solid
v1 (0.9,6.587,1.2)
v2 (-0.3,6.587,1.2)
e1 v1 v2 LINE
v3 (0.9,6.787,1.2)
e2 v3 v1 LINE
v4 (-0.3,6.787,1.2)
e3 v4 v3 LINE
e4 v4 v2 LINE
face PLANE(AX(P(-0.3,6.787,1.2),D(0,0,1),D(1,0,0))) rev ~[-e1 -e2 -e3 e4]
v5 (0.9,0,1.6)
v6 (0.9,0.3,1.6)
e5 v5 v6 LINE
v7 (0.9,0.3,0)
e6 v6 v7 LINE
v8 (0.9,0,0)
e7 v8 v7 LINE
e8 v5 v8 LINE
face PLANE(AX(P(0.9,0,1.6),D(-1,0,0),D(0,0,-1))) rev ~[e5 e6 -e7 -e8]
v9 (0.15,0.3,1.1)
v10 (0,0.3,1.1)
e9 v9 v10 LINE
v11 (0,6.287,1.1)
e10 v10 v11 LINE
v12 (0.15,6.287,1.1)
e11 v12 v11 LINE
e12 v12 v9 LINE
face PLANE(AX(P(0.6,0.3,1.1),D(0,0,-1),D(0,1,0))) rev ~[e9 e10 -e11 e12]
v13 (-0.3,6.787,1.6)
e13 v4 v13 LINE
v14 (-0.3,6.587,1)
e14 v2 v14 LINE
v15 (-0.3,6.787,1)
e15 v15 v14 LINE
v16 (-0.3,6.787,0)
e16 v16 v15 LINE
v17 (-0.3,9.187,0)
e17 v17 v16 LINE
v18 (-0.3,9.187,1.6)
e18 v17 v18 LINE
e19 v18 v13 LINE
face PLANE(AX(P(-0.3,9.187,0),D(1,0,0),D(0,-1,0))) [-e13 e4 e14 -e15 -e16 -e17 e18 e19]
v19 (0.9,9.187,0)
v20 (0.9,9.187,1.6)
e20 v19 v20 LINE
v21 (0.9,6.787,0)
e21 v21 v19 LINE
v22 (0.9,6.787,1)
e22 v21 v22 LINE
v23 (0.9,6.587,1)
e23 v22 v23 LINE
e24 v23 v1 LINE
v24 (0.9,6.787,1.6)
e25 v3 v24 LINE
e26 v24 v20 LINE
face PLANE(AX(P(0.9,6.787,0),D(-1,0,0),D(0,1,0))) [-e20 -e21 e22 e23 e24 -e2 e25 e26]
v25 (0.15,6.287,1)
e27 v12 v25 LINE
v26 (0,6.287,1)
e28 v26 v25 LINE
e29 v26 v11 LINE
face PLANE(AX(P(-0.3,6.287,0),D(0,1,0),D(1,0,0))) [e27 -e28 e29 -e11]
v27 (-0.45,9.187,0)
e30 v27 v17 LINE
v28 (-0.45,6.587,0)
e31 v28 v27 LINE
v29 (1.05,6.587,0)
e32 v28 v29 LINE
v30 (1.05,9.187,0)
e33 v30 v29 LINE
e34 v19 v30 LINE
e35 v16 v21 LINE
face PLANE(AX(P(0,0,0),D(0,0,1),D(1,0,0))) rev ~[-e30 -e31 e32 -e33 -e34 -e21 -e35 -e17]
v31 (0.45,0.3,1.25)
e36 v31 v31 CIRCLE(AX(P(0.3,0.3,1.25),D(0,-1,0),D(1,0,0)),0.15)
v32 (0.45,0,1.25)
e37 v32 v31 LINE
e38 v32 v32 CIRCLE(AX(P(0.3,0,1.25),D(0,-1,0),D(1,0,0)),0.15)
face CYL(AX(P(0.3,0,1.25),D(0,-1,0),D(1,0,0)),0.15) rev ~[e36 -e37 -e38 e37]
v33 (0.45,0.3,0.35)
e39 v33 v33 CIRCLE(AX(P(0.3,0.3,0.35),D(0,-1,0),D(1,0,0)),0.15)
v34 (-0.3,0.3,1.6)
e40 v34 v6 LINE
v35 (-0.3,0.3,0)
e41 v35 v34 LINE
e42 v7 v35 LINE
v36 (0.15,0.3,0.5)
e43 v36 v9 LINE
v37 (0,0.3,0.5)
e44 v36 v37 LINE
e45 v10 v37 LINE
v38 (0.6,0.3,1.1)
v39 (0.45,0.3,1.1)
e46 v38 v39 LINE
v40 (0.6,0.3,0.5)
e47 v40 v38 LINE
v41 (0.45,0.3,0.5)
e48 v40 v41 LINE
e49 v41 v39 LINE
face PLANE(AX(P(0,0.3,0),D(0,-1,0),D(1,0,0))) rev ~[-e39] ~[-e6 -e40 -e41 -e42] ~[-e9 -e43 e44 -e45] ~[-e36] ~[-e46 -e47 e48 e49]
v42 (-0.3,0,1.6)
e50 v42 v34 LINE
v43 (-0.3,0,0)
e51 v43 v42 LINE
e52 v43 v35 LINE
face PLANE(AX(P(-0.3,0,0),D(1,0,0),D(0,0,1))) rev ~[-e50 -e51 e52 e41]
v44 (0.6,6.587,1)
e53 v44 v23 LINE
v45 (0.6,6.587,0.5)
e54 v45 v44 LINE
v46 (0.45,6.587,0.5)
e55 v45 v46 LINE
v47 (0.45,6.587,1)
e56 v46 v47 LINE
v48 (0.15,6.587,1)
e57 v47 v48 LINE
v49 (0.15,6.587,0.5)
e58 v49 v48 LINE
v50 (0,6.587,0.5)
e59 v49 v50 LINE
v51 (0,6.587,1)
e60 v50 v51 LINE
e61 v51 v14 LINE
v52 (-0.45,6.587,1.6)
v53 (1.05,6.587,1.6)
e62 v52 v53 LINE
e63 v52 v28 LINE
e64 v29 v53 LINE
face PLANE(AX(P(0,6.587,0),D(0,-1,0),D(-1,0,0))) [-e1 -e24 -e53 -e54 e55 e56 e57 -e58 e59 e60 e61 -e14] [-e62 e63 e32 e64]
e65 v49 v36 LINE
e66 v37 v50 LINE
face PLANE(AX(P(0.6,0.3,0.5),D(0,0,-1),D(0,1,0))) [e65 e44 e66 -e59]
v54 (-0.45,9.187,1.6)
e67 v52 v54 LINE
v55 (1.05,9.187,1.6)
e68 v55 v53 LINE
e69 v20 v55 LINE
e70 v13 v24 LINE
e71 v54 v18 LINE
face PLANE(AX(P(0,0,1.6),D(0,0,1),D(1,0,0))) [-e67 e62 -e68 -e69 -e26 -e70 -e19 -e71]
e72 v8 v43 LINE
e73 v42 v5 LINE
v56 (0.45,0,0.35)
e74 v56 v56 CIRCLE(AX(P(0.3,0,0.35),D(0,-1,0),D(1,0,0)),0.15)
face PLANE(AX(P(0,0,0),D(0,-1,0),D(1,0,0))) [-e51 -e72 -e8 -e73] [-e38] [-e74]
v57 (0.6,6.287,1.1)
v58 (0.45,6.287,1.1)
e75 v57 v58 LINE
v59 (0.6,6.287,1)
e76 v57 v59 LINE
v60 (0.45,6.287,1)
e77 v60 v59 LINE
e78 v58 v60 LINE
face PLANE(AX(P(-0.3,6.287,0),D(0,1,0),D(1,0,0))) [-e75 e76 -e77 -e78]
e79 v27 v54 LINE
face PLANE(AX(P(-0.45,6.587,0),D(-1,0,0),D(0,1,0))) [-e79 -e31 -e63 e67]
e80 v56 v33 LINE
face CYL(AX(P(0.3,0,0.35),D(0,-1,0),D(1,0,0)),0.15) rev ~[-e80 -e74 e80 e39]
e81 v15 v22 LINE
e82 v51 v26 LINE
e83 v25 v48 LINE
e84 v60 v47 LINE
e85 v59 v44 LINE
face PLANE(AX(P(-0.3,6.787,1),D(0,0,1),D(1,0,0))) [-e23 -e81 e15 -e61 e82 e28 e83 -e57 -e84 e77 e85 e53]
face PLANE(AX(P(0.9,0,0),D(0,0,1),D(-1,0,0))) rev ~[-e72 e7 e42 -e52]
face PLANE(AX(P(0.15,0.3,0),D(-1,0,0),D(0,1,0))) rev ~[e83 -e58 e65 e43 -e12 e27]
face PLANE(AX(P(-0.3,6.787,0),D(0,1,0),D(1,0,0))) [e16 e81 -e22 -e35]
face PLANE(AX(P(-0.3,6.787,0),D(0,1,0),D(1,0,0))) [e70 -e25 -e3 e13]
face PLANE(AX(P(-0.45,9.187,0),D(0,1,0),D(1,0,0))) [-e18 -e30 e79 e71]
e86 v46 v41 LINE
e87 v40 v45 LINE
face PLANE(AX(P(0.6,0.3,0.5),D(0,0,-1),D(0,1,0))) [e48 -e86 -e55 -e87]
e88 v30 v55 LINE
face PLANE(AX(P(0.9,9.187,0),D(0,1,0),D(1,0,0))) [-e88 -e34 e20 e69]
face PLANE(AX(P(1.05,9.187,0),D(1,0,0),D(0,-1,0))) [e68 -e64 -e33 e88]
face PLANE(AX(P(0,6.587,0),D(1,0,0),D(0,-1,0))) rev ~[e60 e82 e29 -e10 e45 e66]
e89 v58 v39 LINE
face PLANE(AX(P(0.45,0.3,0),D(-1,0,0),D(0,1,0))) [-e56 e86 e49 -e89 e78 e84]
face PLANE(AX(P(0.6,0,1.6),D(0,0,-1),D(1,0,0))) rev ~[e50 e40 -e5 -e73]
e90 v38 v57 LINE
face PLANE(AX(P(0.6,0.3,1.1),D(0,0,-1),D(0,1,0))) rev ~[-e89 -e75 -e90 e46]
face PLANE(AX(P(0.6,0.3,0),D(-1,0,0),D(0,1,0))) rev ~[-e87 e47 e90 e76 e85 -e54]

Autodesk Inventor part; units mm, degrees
ref_plane "YZ Plane" through (0, 0, 0) normal (1, 0, 0) x (0, 1, 0)
ref_plane "XZ Plane" through (0, 0, 0) normal (0, 1, 0) x (-1, 0, 0)
ref_plane "XY Plane" through (0, 0, 0) normal (0, 0, 1) x (1, 0, 0)
sketch "Boceto1" plane through (0, 0, 0) normal (0, 0, 1) x (1, 0, 0)
  line L0 (-0.3, 9.187) -> (-0.3, 6.787)
  line L1 (-0.3, 6.787) -> (0.9, 6.787)
  line L2 (0.9, 6.787) -> (0.9, 9.187)
  line L3 (0.9, 9.187) -> (1.05, 9.187)
  line L4 (1.05, 9.187) -> (1.05, 6.587)
  line L5 (0, 6.587) -> (-0.45, 6.587)
  line L6 (-0.45, 6.587) -> (-0.45, 9.187)
  line L7 (-0.45, 9.187) -> (-0.3, 9.187)
  line L8 (0.6, 0) -> (0.6, 6.587)
  line L9 (0.45, 6.587) -> (0.15, 6.587)
  line L10 (0, 6.587) -> (0, 0)
  line L11 (0, 0.3) -> (0.6, 0.3)
  line L12 (0.15, 0.3) -> (0.15, 6.587)
  line L13 (0.45, 0.3) -> (0.45, 6.587)
  line L14 (0.6, 6.587) -> (1.05, 6.587)
  line L15 (0, 0) -> (0.6, 0)
  point P0 (0, 0)
extrude "Extrusión1" add sketch "Boceto1" along normal blind 1.6 contours L0 L1 L2 L3 L4 L14 L8 L11 L13 L9 L12 L10 L5 L6 L7 | L11 L8 L15 L10
sketch "Boceto2" plane through (-0.3, 6.787, 0) normal (0, 1, 0) x (1, 0, 0)
  line L0 (1.2, 0) -> (0, 0) projected
  line L1 (0, 0) -> (0, -1.6) projected
  line L2 (1.2, -1.6) -> (0, -1.6) projected
  line L3 (1.2, 0) -> (1.2, -1.6) projected
  line L4 (0, -1.6) -> (0, -1.2)
  line L5 (0, -1.2) -> (0, -1)
  line L6 (0, -1) -> (1.2, -1)
  line L7 (1.2, 0) -> (1.2, -1.6) projected
  line L8 (0, -1.2) -> (1.2, -1.2)
  line L9 (1.2, -1.2) -> (1.2, -1)
  point P0 (0.3, 0)
  dimension "d2" = 0.4
  dimension "d3" = 0.2
  dimension "d4" = 1.2
extrude "Extrusión2" cut sketch "Boceto2" against normal blind 0.5 contours L3 L8 L1 L6
sketch "Boceto3" plane through (0.6, 0, 0) normal (1, 0, 0) x (0, 0, -1)
  line L0 (-1.6, 0.3) -> (0, 0.3) projected
  line L1 (-1, 6.587) -> (-1, 6.287) projected
  line L2 (-1, 6.287) -> (-1.2, 6.287) projected
  line L3 (-1.2, 6.287) -> (-1.2, 6.587) projected
  line L4 (-1.2, 6.587) -> (-1.6, 6.587) projected
  line L5 (-1.6, 0) -> (-1.6, 6.587) projected
  line L6 (0, 0) -> (-1.6, 0) projected
  line L7 (0, 0) -> (0, 6.587) projected
  line L8 (0, 6.587) -> (-1, 6.587) projected
  line L9 (-1.6, 0.3) -> (-1.6, 6.587) projected
  line L10 (-1.6, 0.3) -> (-1.2, 0.3)
  line L11 (-1.2, 0.3) -> (-1.2, 6.587)
  line L12 (-1.6, 6.587) -> (-1.2, 6.587)
  line L13 (-1.2, 6.587) -> (-1.2, 0.3)
  line L14 (-1.2, 0.3) -> (-1.6, 0.3)
  line L15 (-1.6, 0.3) -> (-1.6, 6.587)
  line L16 (0, 0.3) -> (0, 6.587) projected
  line L17 (0, 0.3) -> (-0.4, 0.3)
  line L18 (0, 0.3) -> (-1.6, 0.3) projected
  line L19 (0, 6.587) -> (-1.6, 6.587) projected
  line L20 (0, 6.587) -> (-0.4, 6.587)
  line L21 (-0.4, 6.587) -> (-0.4, 0.3)
  line L22 (-0.4, 0.3) -> (0, 0.3)
  line L23 (0, 0.3) -> (0, 6.587)
  point P0 (0, 0)
  dimension "d7" = 0.4
  dimension "d8" = 0.4
extrude "Extrusión3" cut sketch "Boceto3" against normal blind 0.9 contours L5 L4 L3 L11 L0 | L21 L8 L7 L0
sketch "Boceto4" plane through (0, 0.3, 0) normal (0, 1, 0) x (1, 0, 0)
  line L0 (0, 0) -> (0.6, 0) projected
  line L1 (0.6, 0) -> (0.6, -1.6) projected
  line L2 (0, -1.6) -> (0.6, -1.6) projected
  line L3 (0, 0) -> (0, -1.6) projected
  line L4 (0, -1.6) -> (0.6, -1.6) projected
  circle A0 centre (0.3, -1.35) radius 0.15
  line L5 (0, 0) -> (0, -1.6) projected
  circle A1 centre (0.3, -0.25) radius 0.15
  dimension "d12" = 0.3
extrude "Extrusión4" cut sketch "Boceto4" against normal blind 10 contours A0 | A1
sketch "Boceto5" plane through (0.6, 0, 0) normal (1, 0, 0) x (0, 0, -1)
  line L0 (-1.2, 0.3) -> (-1.6, 0.3) projected
  line L1 (-1.6, 0) -> (-1.6, 0.3) projected
  line L2 (0, 0) -> (-1.6, 0) projected
  line L3 (0, 0) -> (0, 0.3) projected
  line L4 (0, 0.3) -> (-0.4, 0.3) projected
  line L5 (-0.4, 0.3) -> (-0.4, 6.587) projected
  line L6 (-0.4, 6.587) -> (-1, 6.587) projected
  line L7 (-1, 6.587) -> (-1, 6.287) projected
  line L8 (-1, 6.287) -> (-1.2, 6.287) projected
  line L9 (-1.2, 6.287) -> (-1.2, 0.3) projected
  line L10 (-1.2, 6.287) -> (-1.2, 0.3) projected
  line L11 (-1.2, 6.287) -> (-1.1, 6.287)
  line L12 (-1, 6.287) -> (-1.2, 6.287) projected
  line L13 (-1.2, 0.3) -> (-1.1, 0.3)
  line L14 (-1.1, 0.3) -> (-1.1, 6.287)
  line L15 (-0.4, 0.3) -> (-0.5, 0.3)
  line L16 (-0.4, 0.3) -> (-1.2, 0.3) projected
  line L17 (-0.5, 0.3) -> (-0.5, 6.587)
  line L18 (-0.4, 0.3) -> (-0.4, 6.587) projected
  line L19 (-0.4, 6.587) -> (-0.4, 0.3)
  line L20 (-1.2, 0.3) -> (-1.2, 6.287)
  point P0 (0, 0)
  dimension "d15" = 0.1
  dimension "d16" = 0.1
  dimension "d17" = 0.1
extrude "Extrusión5" cut sketch "Boceto5" against normal blind 10 contours L9 L8 L14 L13 | L17 L6 L5 L15
sketch "Boceto6" plane through (0, 0, 0) normal (0, -1, 0) x (1, 0, 0)
  line L0 (0.9, 1.6) -> (0.9, 0)
  line L1 (0.9, 0) -> (-0.3, 0)
  line L2 (-0.3, 0) -> (-0.3, 1.6)
  line L3 (-0.3, 1.6) -> (0.9, 1.6)
  circle A0 centre (0.3, 1.25) radius 0.15
  circle A1 centre (0.3, 0.35) radius 0.15
  line L4 (0, 1.6) -> (0.6, 1.6) projected
  line L5 (0, 0) -> (0.6, 0) projected
extrude "Extrusión6" add sketch "Boceto6" against normal blind 0.3 contours L0 L1 L2 L3 | A0 | A1
sketch "Boceto7" plane through (0.9, 0, 0) normal (0, -1, 0) x (1, 0, 0)
  line L0 (0, 1.6) -> (0, 0)
  line L1 (0, 0) -> (-1.2, 0)
  line L2 (-1.2, 0) -> (-1.2, 1.6)
  line L3 (-1.2, 1.6) -> (0, 1.6)
  circle A0 centre (-0.6, 1.25) radius 0.15
  circle A1 centre (-0.6, 0.35) radius 0.15
  line L4 (-0.9, 1.6) -> (-0.3, 1.6)
  line L5 (-0.9, 0) -> (-0.3, 0)
  line L6 (-1.2, 0) -> (-1.2, 1.6) projected
  point P0 (-0.9, 0)
extrude "Extrusión7" cut sketch "Boceto7" against normal blind 0.5 contours A0 | A1
properties part number "learnbotAgarreServo"
